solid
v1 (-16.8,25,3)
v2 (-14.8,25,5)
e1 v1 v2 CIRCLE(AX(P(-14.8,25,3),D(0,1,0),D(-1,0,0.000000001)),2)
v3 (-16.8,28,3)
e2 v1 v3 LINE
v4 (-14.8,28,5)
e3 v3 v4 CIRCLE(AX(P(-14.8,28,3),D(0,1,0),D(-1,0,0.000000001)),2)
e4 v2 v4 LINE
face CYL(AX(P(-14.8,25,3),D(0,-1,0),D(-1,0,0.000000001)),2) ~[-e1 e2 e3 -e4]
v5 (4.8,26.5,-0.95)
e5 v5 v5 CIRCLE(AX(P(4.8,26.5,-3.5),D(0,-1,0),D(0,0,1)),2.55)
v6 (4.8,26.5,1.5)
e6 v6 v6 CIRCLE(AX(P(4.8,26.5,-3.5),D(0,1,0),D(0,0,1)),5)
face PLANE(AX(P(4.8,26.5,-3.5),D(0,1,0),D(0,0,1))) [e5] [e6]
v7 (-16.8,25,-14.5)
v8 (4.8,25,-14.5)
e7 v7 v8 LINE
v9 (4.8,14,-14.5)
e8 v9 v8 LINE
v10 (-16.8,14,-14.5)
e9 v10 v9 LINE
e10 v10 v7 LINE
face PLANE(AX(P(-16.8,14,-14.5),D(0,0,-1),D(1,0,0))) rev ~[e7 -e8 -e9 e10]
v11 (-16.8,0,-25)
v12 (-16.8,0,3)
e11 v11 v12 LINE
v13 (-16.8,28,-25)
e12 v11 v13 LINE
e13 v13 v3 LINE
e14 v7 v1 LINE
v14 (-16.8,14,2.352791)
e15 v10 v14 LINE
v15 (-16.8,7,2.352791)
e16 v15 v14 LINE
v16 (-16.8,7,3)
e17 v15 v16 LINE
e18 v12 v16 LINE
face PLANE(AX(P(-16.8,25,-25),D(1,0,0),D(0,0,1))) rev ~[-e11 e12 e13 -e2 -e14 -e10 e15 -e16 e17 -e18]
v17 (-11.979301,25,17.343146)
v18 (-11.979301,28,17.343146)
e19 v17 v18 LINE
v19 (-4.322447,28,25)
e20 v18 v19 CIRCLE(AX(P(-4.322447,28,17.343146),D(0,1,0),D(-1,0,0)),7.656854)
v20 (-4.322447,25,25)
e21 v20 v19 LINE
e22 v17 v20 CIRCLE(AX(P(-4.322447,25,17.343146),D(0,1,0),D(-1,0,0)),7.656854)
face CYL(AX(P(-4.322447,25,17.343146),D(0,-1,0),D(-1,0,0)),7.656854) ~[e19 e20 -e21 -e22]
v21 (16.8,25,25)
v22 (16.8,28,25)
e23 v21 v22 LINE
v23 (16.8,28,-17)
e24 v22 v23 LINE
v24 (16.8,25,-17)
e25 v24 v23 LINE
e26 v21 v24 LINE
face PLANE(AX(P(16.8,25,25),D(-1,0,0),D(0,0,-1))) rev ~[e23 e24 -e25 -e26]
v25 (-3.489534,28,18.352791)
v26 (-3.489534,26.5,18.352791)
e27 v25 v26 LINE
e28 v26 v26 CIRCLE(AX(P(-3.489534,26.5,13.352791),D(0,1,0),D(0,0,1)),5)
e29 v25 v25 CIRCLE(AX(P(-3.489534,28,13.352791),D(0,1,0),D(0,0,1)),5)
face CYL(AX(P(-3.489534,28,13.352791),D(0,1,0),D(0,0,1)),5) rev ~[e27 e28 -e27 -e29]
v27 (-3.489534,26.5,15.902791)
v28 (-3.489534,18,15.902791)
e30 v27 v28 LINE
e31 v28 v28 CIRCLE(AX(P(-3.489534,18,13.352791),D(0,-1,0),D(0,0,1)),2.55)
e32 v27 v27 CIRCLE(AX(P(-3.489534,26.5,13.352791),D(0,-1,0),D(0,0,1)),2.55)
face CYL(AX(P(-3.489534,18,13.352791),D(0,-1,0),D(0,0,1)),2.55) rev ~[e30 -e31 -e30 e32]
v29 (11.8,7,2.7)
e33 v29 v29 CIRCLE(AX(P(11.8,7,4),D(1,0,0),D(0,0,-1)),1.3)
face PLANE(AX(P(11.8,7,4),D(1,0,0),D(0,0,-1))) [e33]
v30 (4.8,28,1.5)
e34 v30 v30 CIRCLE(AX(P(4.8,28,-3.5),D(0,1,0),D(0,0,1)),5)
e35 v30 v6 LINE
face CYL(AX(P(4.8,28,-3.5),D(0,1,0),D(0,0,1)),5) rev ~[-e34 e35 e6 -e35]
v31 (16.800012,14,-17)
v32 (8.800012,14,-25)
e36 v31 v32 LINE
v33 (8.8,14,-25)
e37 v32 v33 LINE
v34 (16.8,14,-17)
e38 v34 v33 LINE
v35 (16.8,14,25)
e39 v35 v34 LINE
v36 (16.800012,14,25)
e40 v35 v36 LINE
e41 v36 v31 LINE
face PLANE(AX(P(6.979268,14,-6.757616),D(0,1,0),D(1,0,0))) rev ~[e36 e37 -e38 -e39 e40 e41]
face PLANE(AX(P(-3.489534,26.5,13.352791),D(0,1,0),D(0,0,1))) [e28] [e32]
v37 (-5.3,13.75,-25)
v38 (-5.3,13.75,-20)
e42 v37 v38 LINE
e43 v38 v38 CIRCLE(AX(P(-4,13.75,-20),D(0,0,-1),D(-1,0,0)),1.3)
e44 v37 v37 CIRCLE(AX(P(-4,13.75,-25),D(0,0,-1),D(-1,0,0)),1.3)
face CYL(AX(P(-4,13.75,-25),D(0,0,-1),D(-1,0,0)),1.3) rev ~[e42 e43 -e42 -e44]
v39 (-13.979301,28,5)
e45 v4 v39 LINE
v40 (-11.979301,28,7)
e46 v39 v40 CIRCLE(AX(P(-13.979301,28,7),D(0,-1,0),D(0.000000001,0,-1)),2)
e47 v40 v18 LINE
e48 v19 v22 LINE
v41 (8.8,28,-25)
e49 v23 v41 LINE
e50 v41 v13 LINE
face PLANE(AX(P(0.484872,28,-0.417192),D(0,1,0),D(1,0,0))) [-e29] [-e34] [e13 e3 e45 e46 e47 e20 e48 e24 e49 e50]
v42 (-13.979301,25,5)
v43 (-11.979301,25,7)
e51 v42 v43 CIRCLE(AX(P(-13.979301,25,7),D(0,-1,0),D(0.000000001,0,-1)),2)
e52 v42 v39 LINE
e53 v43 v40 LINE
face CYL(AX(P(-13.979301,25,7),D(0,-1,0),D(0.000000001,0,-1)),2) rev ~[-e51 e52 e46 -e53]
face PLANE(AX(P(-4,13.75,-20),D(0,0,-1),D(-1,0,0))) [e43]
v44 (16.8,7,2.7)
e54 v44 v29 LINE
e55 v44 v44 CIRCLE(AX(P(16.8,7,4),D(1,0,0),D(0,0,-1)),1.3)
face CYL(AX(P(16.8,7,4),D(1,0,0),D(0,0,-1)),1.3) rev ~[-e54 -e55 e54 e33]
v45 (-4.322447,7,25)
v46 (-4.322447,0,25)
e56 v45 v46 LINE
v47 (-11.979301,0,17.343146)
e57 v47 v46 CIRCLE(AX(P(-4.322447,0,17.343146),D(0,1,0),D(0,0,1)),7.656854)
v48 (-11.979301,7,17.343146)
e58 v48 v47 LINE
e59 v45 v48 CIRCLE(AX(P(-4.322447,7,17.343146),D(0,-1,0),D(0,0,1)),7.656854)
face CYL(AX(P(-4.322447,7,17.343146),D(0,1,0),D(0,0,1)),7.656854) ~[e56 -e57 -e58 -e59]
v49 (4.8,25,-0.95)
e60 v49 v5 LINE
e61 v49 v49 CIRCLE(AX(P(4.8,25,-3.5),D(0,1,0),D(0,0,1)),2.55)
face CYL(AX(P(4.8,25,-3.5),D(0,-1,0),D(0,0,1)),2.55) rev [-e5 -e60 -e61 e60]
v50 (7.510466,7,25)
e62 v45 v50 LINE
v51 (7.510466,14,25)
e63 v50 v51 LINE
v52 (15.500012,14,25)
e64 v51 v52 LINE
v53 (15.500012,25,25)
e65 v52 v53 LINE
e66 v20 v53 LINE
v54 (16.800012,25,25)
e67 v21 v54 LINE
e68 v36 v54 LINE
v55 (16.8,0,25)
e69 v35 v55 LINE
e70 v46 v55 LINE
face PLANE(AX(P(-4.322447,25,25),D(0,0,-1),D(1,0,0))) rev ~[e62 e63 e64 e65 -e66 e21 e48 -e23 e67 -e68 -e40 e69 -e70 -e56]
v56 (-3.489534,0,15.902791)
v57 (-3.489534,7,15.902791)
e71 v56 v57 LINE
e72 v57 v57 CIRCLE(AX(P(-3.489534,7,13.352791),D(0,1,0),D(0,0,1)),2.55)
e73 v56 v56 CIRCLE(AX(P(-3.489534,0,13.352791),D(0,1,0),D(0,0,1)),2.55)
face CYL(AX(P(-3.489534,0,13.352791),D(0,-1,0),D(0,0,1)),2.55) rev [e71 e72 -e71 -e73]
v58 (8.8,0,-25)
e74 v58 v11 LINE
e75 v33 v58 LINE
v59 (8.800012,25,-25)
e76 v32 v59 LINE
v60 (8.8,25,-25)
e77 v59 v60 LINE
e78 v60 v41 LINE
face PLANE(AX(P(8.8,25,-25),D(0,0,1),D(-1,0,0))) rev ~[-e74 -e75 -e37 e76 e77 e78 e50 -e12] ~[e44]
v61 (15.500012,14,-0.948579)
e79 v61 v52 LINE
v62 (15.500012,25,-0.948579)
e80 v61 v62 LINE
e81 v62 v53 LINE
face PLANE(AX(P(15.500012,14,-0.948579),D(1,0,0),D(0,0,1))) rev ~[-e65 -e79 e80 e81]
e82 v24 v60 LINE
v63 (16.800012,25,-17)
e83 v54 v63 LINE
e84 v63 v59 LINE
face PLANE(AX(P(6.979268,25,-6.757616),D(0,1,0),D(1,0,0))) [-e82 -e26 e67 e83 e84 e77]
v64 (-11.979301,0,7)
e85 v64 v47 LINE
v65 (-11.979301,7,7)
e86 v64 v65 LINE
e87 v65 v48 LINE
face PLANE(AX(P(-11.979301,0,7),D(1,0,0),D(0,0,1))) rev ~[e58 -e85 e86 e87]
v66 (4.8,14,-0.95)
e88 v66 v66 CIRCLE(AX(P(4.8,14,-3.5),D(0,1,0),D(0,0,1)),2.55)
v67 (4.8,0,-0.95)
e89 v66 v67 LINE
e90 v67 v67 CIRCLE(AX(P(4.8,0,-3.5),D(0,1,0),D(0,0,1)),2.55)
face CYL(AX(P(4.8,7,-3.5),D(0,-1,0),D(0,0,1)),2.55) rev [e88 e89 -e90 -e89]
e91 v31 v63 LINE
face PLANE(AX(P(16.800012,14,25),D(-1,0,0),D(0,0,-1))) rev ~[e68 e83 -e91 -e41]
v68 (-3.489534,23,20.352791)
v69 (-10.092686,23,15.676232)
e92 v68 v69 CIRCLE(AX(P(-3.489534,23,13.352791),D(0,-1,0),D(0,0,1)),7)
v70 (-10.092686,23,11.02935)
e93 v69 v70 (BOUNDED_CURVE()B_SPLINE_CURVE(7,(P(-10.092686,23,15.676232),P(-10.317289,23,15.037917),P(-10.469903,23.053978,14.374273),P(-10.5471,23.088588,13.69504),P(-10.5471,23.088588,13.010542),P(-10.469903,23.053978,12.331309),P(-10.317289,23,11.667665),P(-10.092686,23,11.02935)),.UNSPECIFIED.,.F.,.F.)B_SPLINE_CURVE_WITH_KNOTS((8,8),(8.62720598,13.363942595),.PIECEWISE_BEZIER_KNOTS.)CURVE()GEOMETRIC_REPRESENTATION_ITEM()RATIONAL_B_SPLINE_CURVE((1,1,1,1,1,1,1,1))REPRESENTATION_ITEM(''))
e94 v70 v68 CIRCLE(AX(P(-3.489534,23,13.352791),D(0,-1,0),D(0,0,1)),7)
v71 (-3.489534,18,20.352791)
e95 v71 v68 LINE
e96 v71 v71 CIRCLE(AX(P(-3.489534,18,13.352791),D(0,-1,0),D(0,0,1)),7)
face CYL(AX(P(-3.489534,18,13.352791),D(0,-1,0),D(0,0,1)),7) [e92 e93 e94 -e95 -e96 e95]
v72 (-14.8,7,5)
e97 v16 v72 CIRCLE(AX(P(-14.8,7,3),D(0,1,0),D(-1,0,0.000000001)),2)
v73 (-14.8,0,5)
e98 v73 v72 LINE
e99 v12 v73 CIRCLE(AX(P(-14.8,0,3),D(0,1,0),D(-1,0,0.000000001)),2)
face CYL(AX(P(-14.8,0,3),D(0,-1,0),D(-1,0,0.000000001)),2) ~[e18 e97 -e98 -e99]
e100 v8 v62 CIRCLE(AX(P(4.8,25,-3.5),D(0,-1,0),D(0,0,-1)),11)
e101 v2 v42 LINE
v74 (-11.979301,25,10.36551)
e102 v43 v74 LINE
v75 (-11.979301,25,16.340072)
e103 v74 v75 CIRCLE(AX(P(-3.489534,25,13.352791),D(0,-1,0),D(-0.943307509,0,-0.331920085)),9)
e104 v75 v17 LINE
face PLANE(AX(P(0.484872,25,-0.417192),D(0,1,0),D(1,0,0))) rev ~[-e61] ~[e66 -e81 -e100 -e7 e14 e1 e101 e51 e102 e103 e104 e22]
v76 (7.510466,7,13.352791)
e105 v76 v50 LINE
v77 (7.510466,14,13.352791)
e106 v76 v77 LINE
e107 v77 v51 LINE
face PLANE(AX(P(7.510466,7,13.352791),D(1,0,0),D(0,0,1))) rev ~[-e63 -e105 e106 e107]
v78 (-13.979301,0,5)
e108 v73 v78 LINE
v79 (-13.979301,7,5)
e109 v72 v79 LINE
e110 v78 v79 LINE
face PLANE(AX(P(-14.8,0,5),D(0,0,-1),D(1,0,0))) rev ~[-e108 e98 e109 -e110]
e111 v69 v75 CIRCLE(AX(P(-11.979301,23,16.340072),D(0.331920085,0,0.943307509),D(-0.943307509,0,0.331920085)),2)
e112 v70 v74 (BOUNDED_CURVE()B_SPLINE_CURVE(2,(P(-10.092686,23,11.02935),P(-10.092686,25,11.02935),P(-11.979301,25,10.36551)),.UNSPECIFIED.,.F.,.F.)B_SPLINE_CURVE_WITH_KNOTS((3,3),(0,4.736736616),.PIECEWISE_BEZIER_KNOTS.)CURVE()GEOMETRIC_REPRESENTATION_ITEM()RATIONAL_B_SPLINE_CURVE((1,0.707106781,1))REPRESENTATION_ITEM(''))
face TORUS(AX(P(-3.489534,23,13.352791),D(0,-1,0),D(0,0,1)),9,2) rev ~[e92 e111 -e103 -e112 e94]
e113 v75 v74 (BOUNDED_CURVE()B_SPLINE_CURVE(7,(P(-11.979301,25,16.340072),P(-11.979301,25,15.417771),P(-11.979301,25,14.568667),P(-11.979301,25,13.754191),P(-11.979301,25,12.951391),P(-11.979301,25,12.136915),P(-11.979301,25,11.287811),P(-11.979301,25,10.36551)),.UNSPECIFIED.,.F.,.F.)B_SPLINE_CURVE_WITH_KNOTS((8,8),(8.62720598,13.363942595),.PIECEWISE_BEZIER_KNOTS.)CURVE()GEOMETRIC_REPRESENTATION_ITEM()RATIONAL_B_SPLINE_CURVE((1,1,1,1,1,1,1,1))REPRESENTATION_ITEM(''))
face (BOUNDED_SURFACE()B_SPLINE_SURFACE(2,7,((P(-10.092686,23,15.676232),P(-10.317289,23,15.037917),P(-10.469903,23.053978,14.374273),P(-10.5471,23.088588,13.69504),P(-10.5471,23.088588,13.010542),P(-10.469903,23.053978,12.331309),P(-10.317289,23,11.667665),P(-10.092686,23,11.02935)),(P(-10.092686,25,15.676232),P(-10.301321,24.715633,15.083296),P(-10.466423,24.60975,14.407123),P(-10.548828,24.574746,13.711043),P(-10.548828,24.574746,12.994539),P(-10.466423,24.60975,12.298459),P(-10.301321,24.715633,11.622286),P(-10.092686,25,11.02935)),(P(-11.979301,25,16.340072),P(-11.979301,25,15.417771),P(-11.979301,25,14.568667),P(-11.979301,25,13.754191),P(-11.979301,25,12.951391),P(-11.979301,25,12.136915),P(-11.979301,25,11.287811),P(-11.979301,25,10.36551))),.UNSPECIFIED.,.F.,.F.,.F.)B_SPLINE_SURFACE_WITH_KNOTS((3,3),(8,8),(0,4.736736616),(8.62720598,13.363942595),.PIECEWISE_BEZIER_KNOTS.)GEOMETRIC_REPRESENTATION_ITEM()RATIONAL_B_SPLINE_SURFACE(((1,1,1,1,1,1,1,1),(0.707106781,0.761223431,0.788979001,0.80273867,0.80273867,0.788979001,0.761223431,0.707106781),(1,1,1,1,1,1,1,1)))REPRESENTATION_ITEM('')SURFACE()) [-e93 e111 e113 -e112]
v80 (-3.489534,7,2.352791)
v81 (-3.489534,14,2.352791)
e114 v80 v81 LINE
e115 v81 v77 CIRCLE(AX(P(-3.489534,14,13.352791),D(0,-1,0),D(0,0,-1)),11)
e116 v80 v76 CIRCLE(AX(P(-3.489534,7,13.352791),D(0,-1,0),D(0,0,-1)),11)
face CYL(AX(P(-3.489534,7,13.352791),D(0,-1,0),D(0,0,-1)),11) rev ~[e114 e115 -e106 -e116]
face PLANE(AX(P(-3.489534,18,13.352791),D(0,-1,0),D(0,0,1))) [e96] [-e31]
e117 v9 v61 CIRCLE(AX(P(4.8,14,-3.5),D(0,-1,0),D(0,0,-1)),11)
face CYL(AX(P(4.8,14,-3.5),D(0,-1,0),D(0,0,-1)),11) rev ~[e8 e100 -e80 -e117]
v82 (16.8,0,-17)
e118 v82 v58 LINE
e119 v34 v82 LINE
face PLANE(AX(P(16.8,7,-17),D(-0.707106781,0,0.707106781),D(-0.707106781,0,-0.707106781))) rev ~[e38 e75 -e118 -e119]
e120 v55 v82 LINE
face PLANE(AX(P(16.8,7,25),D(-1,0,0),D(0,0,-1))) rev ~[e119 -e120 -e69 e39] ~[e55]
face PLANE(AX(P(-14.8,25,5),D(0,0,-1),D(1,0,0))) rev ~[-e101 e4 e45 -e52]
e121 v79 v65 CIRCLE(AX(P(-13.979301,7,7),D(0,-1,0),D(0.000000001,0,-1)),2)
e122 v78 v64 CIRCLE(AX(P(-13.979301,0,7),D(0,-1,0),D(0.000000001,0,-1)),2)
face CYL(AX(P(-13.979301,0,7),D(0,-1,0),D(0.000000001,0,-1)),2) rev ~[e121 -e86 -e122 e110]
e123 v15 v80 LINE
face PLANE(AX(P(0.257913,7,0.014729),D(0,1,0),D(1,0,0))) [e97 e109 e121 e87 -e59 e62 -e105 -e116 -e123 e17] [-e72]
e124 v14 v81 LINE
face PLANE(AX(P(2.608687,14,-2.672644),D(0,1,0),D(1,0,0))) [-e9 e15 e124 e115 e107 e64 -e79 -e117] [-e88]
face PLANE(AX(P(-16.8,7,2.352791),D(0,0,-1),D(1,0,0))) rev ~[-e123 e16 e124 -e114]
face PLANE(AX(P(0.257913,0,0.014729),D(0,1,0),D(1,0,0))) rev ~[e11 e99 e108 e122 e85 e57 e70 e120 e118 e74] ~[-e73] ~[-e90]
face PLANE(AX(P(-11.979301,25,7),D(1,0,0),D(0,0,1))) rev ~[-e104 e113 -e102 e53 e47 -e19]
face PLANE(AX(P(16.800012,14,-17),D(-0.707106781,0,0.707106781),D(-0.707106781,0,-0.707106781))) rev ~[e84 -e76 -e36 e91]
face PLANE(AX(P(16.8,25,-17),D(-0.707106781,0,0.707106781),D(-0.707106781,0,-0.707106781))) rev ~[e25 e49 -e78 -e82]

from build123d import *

# Parameters (mm, degrees)
SKETCH_1_R          = 2.55
EXTRUDE_1_DEPTH     = 7
SKETCH_3_R          = 2.55
EXTRUDE_2_DEPTH     = 7
EXTRUDE_3_DEPTH     = 11
SKETCH_5_R          = 2.55
EXTRUDE_4_DEPTH     = 3
EXTRUDE_START       = 7
SKETCH_6_R          = 7
SKETCH_6_R_2        = 2.55
EXTRUDE_5_DEPTH     = 7
SKETCH_7_R          = 1.3
CUT_EXTRUDE_1_DEPTH = 5
SKETCH_8_R          = 1.3
CUT_EXTRUDE_2_DEPTH = 5
SKETCH_9_R          = 5
CUT_EXTRUDE_3_DEPTH = 1.5
CUT_EXTRUDE_4_REACH = 38.718
FILLET_1_R          = 2


with BuildPart() as part:
    # Эскиз1 → Бобышка-Вытянуть1 (new body)
    with BuildSketch(Plane(origin=(0, 0, 0), x_dir=(1, 0, 0), z_dir=(0, 1, 0))):
        with BuildLine():
            Line((8.8, 25), (-16.8, 25))
            Line((-16.8, 25), (-16.8, -3))
            ThreePointArc((-16.8, -3), (-16.214213562, -4.414213562), (-14.8, -5))
            Line((-14.8, -5), (-13.979301231, -5))
            ThreePointArc((-13.979301231, -5), (-12.565087669, -5.585786438), (-11.979301231, -7))
            Line((-11.979301231, -7), (-11.979301231, -23))
            ThreePointArc((-11.979301231, -23), (-11.393514794, -24.414213562), (-9.979301231, -25))
            Line((-9.979301231, -25), (16.8, -25))
            Line((16.8, -25), (16.8, 17))
            Line((16.8, 17), (8.8, 25))
        make_face()
        with Locations(Location((4.8, 3.5, 0), (0, 0, 270))):
            Circle(SKETCH_1_R, mode=Mode.SUBTRACT)
        with Locations(Location((-3.489533647, -13.352791034, 0), (0, 0, 270))):
            Circle(SKETCH_1_R, mode=Mode.SUBTRACT)
    extrude(amount=EXTRUDE_1_DEPTH)

    # Эскиз3 → Бобышка-Вытянуть2 (add)
    with BuildSketch(Plane(origin=(0, 7, 0), x_dir=(1, 0, 0), z_dir=(0, 1, 0))):
        with BuildLine():
            Line((8.8, 25), (-16.8, 25))
            Line((-16.8, 25), (-16.8, -2.352791034))
            Line((-16.8, -2.352791034), (-3.489533647, -2.352791034))
            ThreePointArc((-3.489533647, -2.352791034), (4.288640946, -5.574616441), (7.510466353, -13.352791034))
            Line((7.510466353, -13.352791034), (7.510466353, -25))
            Line((7.510466353, -25), (16.8, -25))
            Line((16.8, -25), (16.8, 17))
            Line((16.8, 17), (8.8, 25))
        make_face()
        with Locations(Location((4.8, 3.5, 0), (0, 0, 270))):
            Circle(SKETCH_3_R, mode=Mode.SUBTRACT)
    extrude(amount=EXTRUDE_2_DEPTH)

    # Эскиз4 → Бобышка-Вытянуть3 (add)
    with BuildSketch(Plane(origin=(0, 14, 0), x_dir=(1, 0, 0), z_dir=(0, 1, 0))):
        with BuildLine():
            Line((8.800011647, 25), (-16.8, 25))
            Line((-16.8, 25), (-16.8, 14.5))
            Line((-16.8, 14.5), (4.8, 14.5))
            ThreePointArc((4.8, 14.5), (13.433239095, 10.316684145), (15.500011647, 0.948578679))
            Line((15.500011647, 0.948578679), (15.500011647, -25))
            Line((15.500011647, -25), (16.800011647, -25))
            Line((16.800011647, -25), (16.800011647, 17))
            Line((16.800011647, 17), (8.800011647, 25))
        make_face()
    extrude(amount=EXTRUDE_3_DEPTH)

    # Эскиз5 → Бобышка-Вытянуть4 (add)
    with BuildSketch(Plane(origin=(0, 25, 0), x_dir=(1, 0, 0), z_dir=(0, 1, 0))):
        with BuildLine():
            Line((8.8, 25), (-16.8, 25))
            Line((-16.8, 25), (-16.8, -3))
            ThreePointArc((-16.8, -3), (-16.214213562, -4.414213562), (-14.8, -5))
            Line((-14.8, -5), (-13.979301231, -5))
            ThreePointArc((-13.979301231, -5), (-12.565087669, -5.585786438), (-11.979301231, -7))
            Line((-11.979301231, -7), (-11.979301231, -17.343145751))
            ThreePointArc((-11.979301231, -17.343145751), (-9.736660544, -22.757359313), (-4.322446982, -25))
            Line((-4.322446982, -25), (16.8, -25))
            Line((16.8, -25), (16.8, 17))
            Line((16.8, 17), (8.8, 25))
        make_face()
        with Locations(Location((4.8, 3.5, 0), (0, 0, 270))):
            Circle(SKETCH_5_R, mode=Mode.SUBTRACT)
        with Locations(Location((-3.489533647, -13.352791034, 0), (0, 0, 270))):
            Circle(SKETCH_5_R, mode=Mode.SUBTRACT)
    extrude(amount=EXTRUDE_4_DEPTH)

    # Эскиз6 → Бобышка-Вытянуть5 (add)
    with BuildSketch(Plane.XZ.offset(-25).offset(EXTRUDE_START)):
        with Locations(Location((-3.489533647, 13.352791034, 0), (0, 0, 90))):
            Circle(SKETCH_6_R)
        with Locations(Location((-3.489533647, 13.352791034, 0), (0, 0, 90))):
            Circle(SKETCH_6_R_2, mode=Mode.SUBTRACT)
    extrude(amount=-EXTRUDE_5_DEPTH)

    # Эскиз7 → Вырез-Вытянуть1 (cut)
    with BuildSketch(Plane(origin=(0, 0, -25), x_dir=(-1, 0, 0), z_dir=(0, 0, -1))):
        with Locations((4, 13.75)):
            Circle(SKETCH_7_R)
    extrude(amount=-CUT_EXTRUDE_1_DEPTH, mode=Mode.SUBTRACT)

    # Эскиз8 → Вырез-Вытянуть2 (cut)
    with BuildSketch(Plane(origin=(16.8, 0, 0), x_dir=(0, 0, -1), z_dir=(1, 0, 0))):
        with Locations((-4, 7)):
            Circle(SKETCH_8_R)
    extrude(amount=-CUT_EXTRUDE_2_DEPTH, mode=Mode.SUBTRACT)

    # Эскиз9 → Вырез-Вытянуть3 (cut)
    with BuildSketch(Plane(origin=(0, 28, 0), x_dir=(1, 0, 0), z_dir=(0, 1, 0))):
        with Locations(Location((4.8, 3.5, 0), (0, 0, 270))):
            Circle(SKETCH_9_R)
        with Locations(Location((-3.489533647, -13.352791034, 0), (0, 0, 270))):
            Circle(SKETCH_9_R)
    extrude(amount=-CUT_EXTRUDE_3_DEPTH, mode=Mode.SUBTRACT)

    # Эскиз11 → Вырез-Вытянуть4 (cut, up to next)
    with BuildSketch(Plane(origin=(0, 7, 0), x_dir=(1, 0, 0), z_dir=(0, 1, 0)), mode=Mode.PRIVATE) as cut_extrude_4_sk1:
        with BuildLine():
            Line((-11.979301231, -17.343145751), (-11.979301231, -25))
            Line((-11.979301231, -25), (-4.322446982, -25))
            ThreePointArc((-4.322446982, -25), (-9.736660544, -22.757359313), (-11.979301231, -17.343145751))
        make_face()
    cut_extrude_4_tool1 = extrude(cut_extrude_4_sk1.sketch, amount=-CUT_EXTRUDE_4_REACH, mode=Mode.PRIVATE) & part.part
    add(cut_extrude_4_tool1.solids().sort_by_distance((-10.269005, 7, 23.289704))[0], mode=Mode.SUBTRACT)

    # Скругление1
    fillet_1_edges = [part.edges().sort_by_distance(p)[0] for p in [
        (-3.489533647, 25, 6.352791034),
    ]]
    fillet(fillet_1_edges, radius=FILLET_1_R)


solid = part.part
